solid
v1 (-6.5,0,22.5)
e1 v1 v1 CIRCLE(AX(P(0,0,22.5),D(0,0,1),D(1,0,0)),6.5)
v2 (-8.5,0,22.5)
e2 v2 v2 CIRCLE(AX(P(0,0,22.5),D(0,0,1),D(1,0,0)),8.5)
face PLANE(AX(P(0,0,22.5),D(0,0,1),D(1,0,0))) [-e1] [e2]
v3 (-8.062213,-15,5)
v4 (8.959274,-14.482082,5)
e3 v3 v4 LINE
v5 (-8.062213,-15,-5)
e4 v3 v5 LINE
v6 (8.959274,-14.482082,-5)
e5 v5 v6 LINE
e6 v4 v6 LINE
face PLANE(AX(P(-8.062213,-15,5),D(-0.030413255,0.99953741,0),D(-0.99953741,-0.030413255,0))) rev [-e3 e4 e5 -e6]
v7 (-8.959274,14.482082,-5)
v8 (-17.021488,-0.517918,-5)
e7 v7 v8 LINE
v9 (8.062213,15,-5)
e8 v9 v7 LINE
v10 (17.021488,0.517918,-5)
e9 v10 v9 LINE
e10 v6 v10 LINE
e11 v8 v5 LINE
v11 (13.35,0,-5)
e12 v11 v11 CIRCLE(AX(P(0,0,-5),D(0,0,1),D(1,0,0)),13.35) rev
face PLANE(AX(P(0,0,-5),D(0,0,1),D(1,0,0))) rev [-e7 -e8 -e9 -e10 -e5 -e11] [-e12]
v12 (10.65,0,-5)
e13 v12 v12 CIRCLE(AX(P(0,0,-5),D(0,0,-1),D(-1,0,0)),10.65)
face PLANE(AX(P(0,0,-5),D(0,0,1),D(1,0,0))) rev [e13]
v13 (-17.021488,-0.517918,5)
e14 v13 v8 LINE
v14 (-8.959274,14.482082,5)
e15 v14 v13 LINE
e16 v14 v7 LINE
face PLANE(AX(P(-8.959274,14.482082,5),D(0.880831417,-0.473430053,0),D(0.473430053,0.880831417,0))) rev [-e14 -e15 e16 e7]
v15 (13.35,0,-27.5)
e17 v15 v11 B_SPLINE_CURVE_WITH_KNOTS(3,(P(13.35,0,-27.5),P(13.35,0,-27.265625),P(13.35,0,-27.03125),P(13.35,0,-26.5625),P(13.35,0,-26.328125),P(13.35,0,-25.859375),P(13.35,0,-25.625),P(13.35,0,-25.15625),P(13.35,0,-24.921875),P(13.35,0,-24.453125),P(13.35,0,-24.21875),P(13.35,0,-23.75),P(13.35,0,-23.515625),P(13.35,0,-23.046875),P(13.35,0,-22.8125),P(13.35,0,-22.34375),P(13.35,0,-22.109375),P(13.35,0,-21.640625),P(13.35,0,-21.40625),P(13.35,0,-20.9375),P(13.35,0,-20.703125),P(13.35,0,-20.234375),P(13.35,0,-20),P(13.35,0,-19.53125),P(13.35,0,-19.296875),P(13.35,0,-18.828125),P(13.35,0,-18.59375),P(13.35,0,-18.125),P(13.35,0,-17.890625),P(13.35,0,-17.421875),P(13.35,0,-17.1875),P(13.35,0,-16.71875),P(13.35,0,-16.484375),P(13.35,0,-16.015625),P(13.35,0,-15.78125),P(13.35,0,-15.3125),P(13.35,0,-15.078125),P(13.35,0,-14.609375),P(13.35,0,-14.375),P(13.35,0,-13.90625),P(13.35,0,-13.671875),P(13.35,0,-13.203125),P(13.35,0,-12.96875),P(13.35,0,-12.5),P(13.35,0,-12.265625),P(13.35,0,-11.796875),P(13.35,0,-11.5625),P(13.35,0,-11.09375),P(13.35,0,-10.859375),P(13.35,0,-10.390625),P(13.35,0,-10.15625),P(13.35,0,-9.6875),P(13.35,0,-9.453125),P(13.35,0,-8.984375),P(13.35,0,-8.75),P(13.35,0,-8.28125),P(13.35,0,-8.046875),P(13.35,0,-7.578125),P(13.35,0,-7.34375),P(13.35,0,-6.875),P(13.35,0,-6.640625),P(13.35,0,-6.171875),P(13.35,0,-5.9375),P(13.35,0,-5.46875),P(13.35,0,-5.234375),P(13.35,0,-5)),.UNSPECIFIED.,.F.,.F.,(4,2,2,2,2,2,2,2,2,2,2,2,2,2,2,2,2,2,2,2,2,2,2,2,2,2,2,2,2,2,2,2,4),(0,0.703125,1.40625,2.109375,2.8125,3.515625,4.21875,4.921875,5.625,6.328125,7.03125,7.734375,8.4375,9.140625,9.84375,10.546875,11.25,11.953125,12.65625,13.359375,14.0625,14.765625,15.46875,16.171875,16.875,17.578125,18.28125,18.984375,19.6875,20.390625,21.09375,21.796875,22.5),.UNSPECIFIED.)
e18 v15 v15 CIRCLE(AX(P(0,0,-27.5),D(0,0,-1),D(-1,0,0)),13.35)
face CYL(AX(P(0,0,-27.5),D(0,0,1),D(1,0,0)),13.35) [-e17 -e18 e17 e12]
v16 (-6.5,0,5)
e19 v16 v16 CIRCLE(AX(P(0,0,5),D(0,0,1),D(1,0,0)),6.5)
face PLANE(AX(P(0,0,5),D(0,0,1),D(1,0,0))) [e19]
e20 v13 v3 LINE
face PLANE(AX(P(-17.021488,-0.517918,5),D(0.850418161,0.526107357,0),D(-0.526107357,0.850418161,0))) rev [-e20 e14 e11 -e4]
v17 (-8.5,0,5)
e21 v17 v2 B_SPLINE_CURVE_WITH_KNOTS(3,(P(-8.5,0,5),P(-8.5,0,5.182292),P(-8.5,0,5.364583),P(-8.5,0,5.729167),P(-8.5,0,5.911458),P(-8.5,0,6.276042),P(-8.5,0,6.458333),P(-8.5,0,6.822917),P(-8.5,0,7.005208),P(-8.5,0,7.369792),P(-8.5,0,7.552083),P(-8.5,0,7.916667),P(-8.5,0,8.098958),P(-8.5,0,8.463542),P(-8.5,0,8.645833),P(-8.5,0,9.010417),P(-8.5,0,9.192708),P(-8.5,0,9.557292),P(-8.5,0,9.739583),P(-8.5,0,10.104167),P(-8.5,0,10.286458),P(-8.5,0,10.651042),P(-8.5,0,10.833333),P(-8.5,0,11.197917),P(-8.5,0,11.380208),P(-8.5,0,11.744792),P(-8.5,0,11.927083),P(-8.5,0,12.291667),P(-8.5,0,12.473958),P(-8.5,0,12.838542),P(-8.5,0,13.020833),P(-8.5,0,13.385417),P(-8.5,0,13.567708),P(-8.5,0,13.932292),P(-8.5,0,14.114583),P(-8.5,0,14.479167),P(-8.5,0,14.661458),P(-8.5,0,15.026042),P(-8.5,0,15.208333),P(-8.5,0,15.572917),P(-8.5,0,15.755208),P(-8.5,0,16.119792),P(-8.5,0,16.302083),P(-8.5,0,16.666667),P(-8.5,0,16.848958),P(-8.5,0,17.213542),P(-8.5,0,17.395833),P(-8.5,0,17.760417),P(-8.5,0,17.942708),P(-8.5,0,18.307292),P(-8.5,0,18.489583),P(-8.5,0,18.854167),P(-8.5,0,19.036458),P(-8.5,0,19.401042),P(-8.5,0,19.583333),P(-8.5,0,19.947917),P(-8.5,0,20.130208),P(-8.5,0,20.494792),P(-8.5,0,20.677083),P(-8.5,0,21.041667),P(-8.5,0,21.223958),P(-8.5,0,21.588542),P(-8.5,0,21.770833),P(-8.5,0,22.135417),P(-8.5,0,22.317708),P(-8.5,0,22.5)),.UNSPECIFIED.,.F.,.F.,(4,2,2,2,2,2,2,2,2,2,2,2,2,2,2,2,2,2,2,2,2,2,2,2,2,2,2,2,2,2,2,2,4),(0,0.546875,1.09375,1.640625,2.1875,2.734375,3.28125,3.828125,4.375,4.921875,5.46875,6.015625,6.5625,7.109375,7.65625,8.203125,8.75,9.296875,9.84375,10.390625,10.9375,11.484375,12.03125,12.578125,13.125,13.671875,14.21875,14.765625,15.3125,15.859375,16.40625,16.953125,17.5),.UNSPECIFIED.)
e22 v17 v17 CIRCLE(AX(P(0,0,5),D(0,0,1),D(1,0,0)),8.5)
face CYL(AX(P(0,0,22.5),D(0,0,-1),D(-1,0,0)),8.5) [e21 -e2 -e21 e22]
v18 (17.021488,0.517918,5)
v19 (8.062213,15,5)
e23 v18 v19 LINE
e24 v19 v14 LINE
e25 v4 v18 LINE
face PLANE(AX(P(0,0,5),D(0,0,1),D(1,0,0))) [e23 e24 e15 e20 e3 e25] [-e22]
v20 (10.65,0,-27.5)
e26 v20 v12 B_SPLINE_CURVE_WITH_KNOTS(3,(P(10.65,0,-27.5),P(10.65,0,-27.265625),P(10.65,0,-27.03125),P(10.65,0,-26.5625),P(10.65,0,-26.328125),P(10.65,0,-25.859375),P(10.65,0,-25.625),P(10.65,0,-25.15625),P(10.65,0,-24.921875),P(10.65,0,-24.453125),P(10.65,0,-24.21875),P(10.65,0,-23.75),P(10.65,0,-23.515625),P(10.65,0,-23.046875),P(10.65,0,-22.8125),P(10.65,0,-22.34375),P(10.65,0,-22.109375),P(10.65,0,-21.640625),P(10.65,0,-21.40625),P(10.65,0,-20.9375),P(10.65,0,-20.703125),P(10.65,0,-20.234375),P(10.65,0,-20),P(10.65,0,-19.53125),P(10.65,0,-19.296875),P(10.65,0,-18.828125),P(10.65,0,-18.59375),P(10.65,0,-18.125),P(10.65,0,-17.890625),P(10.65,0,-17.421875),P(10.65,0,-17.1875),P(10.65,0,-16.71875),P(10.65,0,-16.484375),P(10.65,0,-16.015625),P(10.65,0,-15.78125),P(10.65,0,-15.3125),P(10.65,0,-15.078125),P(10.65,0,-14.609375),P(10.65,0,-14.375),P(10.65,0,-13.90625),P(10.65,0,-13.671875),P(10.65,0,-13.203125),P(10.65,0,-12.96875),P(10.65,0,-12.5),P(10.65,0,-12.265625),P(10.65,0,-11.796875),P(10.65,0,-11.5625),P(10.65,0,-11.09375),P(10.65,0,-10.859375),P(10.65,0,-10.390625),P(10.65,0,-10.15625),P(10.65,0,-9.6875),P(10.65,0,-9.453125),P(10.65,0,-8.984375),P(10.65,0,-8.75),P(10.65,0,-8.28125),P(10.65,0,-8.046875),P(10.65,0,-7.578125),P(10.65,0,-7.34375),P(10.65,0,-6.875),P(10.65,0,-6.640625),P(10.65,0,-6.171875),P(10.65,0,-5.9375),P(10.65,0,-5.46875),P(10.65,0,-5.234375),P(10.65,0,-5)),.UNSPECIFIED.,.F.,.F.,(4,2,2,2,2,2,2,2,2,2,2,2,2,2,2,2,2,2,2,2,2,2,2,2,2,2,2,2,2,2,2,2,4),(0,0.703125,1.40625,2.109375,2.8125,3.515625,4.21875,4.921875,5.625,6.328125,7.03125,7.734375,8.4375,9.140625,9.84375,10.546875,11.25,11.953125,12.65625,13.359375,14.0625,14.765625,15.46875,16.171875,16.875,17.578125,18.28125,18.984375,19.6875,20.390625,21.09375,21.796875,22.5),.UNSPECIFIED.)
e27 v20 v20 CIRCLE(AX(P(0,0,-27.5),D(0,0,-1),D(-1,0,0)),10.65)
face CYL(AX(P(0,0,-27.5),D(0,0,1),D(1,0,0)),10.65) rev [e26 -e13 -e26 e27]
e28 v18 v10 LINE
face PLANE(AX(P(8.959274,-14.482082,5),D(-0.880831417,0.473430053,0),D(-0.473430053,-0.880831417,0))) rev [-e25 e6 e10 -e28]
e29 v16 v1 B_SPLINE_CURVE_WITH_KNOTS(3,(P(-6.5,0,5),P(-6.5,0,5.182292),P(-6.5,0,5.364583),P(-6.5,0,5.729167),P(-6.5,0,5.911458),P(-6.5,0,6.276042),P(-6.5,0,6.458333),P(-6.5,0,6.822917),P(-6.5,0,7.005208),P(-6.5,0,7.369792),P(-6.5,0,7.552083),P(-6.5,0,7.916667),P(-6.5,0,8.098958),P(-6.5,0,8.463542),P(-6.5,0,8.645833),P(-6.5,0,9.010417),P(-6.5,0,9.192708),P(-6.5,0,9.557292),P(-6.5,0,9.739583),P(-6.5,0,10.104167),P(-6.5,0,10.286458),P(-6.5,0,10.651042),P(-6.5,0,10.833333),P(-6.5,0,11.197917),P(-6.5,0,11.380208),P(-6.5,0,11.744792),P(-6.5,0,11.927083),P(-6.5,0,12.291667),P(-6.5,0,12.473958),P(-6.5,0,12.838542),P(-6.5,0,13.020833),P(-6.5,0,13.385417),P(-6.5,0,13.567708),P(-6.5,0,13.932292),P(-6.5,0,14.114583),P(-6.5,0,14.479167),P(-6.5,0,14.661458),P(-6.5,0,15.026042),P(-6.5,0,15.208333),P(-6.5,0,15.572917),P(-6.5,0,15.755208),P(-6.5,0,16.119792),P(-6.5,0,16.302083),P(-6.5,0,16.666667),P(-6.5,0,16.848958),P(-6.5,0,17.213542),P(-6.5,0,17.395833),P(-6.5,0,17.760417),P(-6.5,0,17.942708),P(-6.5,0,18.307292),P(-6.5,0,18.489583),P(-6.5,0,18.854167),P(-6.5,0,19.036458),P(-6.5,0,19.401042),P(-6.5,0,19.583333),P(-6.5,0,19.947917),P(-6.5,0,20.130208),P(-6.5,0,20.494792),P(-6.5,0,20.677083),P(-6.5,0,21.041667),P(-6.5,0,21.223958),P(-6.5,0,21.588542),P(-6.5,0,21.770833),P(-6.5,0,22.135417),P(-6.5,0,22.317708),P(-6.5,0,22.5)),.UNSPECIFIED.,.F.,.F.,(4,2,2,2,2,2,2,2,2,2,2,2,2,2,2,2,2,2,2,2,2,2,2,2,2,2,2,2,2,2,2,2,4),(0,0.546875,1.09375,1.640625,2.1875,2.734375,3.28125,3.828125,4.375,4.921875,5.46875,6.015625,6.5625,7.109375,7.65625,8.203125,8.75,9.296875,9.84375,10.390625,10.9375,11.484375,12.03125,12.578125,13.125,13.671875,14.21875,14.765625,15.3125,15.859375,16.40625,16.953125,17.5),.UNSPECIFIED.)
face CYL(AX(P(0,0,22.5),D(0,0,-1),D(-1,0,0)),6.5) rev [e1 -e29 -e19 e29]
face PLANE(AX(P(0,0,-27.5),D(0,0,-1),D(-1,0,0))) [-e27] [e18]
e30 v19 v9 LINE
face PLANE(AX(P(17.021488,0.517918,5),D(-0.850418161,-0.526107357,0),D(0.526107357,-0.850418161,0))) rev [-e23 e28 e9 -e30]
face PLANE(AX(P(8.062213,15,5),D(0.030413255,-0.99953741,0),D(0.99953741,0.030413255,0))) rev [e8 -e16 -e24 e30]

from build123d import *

# Parameters (mm, degrees)
SKETCH1_R           = 8.5
SKETCH1_R_2         = 6.5
EXTRUDE_THIN1_DEPTH = 22.5
BOSS_EXTRUDE1_DEPTH = 5
SKETCH3_R           = 13.35
SKETCH3_R_2         = 10.65
EXTRUDE_THIN2_DEPTH = 22.5


with BuildPart() as part:
    # Sketch1 → Extrude-Thin1 (new body)
    with BuildSketch(Plane.XY):
        Circle(SKETCH1_R)
        Circle(SKETCH1_R_2, mode=Mode.SUBTRACT)
    extrude(amount=EXTRUDE_THIN1_DEPTH)

    # Sketch2 → Boss-Extrude1 (add, symmetric)
    with BuildSketch(Plane.XY):
        Polygon((17.021487729, 0.517918433), (8.062213344, 15), (-8.959274385, 14.482081567), (-17.021487729, -0.517918433), (-8.062213344, -15), (8.959274385, -14.482081567), align=None)
    extrude(amount=BOSS_EXTRUDE1_DEPTH, both=True)

    # Sketch3 → Extrude-Thin2 (add)
    with BuildSketch(Plane(origin=(0, 0, -5), x_dir=(-1, 0, 0), z_dir=(0, 0, -1))):
        Circle(SKETCH3_R)
        Circle(SKETCH3_R_2, mode=Mode.SUBTRACT)
    extrude(amount=EXTRUDE_THIN2_DEPTH)


solid = part.part
